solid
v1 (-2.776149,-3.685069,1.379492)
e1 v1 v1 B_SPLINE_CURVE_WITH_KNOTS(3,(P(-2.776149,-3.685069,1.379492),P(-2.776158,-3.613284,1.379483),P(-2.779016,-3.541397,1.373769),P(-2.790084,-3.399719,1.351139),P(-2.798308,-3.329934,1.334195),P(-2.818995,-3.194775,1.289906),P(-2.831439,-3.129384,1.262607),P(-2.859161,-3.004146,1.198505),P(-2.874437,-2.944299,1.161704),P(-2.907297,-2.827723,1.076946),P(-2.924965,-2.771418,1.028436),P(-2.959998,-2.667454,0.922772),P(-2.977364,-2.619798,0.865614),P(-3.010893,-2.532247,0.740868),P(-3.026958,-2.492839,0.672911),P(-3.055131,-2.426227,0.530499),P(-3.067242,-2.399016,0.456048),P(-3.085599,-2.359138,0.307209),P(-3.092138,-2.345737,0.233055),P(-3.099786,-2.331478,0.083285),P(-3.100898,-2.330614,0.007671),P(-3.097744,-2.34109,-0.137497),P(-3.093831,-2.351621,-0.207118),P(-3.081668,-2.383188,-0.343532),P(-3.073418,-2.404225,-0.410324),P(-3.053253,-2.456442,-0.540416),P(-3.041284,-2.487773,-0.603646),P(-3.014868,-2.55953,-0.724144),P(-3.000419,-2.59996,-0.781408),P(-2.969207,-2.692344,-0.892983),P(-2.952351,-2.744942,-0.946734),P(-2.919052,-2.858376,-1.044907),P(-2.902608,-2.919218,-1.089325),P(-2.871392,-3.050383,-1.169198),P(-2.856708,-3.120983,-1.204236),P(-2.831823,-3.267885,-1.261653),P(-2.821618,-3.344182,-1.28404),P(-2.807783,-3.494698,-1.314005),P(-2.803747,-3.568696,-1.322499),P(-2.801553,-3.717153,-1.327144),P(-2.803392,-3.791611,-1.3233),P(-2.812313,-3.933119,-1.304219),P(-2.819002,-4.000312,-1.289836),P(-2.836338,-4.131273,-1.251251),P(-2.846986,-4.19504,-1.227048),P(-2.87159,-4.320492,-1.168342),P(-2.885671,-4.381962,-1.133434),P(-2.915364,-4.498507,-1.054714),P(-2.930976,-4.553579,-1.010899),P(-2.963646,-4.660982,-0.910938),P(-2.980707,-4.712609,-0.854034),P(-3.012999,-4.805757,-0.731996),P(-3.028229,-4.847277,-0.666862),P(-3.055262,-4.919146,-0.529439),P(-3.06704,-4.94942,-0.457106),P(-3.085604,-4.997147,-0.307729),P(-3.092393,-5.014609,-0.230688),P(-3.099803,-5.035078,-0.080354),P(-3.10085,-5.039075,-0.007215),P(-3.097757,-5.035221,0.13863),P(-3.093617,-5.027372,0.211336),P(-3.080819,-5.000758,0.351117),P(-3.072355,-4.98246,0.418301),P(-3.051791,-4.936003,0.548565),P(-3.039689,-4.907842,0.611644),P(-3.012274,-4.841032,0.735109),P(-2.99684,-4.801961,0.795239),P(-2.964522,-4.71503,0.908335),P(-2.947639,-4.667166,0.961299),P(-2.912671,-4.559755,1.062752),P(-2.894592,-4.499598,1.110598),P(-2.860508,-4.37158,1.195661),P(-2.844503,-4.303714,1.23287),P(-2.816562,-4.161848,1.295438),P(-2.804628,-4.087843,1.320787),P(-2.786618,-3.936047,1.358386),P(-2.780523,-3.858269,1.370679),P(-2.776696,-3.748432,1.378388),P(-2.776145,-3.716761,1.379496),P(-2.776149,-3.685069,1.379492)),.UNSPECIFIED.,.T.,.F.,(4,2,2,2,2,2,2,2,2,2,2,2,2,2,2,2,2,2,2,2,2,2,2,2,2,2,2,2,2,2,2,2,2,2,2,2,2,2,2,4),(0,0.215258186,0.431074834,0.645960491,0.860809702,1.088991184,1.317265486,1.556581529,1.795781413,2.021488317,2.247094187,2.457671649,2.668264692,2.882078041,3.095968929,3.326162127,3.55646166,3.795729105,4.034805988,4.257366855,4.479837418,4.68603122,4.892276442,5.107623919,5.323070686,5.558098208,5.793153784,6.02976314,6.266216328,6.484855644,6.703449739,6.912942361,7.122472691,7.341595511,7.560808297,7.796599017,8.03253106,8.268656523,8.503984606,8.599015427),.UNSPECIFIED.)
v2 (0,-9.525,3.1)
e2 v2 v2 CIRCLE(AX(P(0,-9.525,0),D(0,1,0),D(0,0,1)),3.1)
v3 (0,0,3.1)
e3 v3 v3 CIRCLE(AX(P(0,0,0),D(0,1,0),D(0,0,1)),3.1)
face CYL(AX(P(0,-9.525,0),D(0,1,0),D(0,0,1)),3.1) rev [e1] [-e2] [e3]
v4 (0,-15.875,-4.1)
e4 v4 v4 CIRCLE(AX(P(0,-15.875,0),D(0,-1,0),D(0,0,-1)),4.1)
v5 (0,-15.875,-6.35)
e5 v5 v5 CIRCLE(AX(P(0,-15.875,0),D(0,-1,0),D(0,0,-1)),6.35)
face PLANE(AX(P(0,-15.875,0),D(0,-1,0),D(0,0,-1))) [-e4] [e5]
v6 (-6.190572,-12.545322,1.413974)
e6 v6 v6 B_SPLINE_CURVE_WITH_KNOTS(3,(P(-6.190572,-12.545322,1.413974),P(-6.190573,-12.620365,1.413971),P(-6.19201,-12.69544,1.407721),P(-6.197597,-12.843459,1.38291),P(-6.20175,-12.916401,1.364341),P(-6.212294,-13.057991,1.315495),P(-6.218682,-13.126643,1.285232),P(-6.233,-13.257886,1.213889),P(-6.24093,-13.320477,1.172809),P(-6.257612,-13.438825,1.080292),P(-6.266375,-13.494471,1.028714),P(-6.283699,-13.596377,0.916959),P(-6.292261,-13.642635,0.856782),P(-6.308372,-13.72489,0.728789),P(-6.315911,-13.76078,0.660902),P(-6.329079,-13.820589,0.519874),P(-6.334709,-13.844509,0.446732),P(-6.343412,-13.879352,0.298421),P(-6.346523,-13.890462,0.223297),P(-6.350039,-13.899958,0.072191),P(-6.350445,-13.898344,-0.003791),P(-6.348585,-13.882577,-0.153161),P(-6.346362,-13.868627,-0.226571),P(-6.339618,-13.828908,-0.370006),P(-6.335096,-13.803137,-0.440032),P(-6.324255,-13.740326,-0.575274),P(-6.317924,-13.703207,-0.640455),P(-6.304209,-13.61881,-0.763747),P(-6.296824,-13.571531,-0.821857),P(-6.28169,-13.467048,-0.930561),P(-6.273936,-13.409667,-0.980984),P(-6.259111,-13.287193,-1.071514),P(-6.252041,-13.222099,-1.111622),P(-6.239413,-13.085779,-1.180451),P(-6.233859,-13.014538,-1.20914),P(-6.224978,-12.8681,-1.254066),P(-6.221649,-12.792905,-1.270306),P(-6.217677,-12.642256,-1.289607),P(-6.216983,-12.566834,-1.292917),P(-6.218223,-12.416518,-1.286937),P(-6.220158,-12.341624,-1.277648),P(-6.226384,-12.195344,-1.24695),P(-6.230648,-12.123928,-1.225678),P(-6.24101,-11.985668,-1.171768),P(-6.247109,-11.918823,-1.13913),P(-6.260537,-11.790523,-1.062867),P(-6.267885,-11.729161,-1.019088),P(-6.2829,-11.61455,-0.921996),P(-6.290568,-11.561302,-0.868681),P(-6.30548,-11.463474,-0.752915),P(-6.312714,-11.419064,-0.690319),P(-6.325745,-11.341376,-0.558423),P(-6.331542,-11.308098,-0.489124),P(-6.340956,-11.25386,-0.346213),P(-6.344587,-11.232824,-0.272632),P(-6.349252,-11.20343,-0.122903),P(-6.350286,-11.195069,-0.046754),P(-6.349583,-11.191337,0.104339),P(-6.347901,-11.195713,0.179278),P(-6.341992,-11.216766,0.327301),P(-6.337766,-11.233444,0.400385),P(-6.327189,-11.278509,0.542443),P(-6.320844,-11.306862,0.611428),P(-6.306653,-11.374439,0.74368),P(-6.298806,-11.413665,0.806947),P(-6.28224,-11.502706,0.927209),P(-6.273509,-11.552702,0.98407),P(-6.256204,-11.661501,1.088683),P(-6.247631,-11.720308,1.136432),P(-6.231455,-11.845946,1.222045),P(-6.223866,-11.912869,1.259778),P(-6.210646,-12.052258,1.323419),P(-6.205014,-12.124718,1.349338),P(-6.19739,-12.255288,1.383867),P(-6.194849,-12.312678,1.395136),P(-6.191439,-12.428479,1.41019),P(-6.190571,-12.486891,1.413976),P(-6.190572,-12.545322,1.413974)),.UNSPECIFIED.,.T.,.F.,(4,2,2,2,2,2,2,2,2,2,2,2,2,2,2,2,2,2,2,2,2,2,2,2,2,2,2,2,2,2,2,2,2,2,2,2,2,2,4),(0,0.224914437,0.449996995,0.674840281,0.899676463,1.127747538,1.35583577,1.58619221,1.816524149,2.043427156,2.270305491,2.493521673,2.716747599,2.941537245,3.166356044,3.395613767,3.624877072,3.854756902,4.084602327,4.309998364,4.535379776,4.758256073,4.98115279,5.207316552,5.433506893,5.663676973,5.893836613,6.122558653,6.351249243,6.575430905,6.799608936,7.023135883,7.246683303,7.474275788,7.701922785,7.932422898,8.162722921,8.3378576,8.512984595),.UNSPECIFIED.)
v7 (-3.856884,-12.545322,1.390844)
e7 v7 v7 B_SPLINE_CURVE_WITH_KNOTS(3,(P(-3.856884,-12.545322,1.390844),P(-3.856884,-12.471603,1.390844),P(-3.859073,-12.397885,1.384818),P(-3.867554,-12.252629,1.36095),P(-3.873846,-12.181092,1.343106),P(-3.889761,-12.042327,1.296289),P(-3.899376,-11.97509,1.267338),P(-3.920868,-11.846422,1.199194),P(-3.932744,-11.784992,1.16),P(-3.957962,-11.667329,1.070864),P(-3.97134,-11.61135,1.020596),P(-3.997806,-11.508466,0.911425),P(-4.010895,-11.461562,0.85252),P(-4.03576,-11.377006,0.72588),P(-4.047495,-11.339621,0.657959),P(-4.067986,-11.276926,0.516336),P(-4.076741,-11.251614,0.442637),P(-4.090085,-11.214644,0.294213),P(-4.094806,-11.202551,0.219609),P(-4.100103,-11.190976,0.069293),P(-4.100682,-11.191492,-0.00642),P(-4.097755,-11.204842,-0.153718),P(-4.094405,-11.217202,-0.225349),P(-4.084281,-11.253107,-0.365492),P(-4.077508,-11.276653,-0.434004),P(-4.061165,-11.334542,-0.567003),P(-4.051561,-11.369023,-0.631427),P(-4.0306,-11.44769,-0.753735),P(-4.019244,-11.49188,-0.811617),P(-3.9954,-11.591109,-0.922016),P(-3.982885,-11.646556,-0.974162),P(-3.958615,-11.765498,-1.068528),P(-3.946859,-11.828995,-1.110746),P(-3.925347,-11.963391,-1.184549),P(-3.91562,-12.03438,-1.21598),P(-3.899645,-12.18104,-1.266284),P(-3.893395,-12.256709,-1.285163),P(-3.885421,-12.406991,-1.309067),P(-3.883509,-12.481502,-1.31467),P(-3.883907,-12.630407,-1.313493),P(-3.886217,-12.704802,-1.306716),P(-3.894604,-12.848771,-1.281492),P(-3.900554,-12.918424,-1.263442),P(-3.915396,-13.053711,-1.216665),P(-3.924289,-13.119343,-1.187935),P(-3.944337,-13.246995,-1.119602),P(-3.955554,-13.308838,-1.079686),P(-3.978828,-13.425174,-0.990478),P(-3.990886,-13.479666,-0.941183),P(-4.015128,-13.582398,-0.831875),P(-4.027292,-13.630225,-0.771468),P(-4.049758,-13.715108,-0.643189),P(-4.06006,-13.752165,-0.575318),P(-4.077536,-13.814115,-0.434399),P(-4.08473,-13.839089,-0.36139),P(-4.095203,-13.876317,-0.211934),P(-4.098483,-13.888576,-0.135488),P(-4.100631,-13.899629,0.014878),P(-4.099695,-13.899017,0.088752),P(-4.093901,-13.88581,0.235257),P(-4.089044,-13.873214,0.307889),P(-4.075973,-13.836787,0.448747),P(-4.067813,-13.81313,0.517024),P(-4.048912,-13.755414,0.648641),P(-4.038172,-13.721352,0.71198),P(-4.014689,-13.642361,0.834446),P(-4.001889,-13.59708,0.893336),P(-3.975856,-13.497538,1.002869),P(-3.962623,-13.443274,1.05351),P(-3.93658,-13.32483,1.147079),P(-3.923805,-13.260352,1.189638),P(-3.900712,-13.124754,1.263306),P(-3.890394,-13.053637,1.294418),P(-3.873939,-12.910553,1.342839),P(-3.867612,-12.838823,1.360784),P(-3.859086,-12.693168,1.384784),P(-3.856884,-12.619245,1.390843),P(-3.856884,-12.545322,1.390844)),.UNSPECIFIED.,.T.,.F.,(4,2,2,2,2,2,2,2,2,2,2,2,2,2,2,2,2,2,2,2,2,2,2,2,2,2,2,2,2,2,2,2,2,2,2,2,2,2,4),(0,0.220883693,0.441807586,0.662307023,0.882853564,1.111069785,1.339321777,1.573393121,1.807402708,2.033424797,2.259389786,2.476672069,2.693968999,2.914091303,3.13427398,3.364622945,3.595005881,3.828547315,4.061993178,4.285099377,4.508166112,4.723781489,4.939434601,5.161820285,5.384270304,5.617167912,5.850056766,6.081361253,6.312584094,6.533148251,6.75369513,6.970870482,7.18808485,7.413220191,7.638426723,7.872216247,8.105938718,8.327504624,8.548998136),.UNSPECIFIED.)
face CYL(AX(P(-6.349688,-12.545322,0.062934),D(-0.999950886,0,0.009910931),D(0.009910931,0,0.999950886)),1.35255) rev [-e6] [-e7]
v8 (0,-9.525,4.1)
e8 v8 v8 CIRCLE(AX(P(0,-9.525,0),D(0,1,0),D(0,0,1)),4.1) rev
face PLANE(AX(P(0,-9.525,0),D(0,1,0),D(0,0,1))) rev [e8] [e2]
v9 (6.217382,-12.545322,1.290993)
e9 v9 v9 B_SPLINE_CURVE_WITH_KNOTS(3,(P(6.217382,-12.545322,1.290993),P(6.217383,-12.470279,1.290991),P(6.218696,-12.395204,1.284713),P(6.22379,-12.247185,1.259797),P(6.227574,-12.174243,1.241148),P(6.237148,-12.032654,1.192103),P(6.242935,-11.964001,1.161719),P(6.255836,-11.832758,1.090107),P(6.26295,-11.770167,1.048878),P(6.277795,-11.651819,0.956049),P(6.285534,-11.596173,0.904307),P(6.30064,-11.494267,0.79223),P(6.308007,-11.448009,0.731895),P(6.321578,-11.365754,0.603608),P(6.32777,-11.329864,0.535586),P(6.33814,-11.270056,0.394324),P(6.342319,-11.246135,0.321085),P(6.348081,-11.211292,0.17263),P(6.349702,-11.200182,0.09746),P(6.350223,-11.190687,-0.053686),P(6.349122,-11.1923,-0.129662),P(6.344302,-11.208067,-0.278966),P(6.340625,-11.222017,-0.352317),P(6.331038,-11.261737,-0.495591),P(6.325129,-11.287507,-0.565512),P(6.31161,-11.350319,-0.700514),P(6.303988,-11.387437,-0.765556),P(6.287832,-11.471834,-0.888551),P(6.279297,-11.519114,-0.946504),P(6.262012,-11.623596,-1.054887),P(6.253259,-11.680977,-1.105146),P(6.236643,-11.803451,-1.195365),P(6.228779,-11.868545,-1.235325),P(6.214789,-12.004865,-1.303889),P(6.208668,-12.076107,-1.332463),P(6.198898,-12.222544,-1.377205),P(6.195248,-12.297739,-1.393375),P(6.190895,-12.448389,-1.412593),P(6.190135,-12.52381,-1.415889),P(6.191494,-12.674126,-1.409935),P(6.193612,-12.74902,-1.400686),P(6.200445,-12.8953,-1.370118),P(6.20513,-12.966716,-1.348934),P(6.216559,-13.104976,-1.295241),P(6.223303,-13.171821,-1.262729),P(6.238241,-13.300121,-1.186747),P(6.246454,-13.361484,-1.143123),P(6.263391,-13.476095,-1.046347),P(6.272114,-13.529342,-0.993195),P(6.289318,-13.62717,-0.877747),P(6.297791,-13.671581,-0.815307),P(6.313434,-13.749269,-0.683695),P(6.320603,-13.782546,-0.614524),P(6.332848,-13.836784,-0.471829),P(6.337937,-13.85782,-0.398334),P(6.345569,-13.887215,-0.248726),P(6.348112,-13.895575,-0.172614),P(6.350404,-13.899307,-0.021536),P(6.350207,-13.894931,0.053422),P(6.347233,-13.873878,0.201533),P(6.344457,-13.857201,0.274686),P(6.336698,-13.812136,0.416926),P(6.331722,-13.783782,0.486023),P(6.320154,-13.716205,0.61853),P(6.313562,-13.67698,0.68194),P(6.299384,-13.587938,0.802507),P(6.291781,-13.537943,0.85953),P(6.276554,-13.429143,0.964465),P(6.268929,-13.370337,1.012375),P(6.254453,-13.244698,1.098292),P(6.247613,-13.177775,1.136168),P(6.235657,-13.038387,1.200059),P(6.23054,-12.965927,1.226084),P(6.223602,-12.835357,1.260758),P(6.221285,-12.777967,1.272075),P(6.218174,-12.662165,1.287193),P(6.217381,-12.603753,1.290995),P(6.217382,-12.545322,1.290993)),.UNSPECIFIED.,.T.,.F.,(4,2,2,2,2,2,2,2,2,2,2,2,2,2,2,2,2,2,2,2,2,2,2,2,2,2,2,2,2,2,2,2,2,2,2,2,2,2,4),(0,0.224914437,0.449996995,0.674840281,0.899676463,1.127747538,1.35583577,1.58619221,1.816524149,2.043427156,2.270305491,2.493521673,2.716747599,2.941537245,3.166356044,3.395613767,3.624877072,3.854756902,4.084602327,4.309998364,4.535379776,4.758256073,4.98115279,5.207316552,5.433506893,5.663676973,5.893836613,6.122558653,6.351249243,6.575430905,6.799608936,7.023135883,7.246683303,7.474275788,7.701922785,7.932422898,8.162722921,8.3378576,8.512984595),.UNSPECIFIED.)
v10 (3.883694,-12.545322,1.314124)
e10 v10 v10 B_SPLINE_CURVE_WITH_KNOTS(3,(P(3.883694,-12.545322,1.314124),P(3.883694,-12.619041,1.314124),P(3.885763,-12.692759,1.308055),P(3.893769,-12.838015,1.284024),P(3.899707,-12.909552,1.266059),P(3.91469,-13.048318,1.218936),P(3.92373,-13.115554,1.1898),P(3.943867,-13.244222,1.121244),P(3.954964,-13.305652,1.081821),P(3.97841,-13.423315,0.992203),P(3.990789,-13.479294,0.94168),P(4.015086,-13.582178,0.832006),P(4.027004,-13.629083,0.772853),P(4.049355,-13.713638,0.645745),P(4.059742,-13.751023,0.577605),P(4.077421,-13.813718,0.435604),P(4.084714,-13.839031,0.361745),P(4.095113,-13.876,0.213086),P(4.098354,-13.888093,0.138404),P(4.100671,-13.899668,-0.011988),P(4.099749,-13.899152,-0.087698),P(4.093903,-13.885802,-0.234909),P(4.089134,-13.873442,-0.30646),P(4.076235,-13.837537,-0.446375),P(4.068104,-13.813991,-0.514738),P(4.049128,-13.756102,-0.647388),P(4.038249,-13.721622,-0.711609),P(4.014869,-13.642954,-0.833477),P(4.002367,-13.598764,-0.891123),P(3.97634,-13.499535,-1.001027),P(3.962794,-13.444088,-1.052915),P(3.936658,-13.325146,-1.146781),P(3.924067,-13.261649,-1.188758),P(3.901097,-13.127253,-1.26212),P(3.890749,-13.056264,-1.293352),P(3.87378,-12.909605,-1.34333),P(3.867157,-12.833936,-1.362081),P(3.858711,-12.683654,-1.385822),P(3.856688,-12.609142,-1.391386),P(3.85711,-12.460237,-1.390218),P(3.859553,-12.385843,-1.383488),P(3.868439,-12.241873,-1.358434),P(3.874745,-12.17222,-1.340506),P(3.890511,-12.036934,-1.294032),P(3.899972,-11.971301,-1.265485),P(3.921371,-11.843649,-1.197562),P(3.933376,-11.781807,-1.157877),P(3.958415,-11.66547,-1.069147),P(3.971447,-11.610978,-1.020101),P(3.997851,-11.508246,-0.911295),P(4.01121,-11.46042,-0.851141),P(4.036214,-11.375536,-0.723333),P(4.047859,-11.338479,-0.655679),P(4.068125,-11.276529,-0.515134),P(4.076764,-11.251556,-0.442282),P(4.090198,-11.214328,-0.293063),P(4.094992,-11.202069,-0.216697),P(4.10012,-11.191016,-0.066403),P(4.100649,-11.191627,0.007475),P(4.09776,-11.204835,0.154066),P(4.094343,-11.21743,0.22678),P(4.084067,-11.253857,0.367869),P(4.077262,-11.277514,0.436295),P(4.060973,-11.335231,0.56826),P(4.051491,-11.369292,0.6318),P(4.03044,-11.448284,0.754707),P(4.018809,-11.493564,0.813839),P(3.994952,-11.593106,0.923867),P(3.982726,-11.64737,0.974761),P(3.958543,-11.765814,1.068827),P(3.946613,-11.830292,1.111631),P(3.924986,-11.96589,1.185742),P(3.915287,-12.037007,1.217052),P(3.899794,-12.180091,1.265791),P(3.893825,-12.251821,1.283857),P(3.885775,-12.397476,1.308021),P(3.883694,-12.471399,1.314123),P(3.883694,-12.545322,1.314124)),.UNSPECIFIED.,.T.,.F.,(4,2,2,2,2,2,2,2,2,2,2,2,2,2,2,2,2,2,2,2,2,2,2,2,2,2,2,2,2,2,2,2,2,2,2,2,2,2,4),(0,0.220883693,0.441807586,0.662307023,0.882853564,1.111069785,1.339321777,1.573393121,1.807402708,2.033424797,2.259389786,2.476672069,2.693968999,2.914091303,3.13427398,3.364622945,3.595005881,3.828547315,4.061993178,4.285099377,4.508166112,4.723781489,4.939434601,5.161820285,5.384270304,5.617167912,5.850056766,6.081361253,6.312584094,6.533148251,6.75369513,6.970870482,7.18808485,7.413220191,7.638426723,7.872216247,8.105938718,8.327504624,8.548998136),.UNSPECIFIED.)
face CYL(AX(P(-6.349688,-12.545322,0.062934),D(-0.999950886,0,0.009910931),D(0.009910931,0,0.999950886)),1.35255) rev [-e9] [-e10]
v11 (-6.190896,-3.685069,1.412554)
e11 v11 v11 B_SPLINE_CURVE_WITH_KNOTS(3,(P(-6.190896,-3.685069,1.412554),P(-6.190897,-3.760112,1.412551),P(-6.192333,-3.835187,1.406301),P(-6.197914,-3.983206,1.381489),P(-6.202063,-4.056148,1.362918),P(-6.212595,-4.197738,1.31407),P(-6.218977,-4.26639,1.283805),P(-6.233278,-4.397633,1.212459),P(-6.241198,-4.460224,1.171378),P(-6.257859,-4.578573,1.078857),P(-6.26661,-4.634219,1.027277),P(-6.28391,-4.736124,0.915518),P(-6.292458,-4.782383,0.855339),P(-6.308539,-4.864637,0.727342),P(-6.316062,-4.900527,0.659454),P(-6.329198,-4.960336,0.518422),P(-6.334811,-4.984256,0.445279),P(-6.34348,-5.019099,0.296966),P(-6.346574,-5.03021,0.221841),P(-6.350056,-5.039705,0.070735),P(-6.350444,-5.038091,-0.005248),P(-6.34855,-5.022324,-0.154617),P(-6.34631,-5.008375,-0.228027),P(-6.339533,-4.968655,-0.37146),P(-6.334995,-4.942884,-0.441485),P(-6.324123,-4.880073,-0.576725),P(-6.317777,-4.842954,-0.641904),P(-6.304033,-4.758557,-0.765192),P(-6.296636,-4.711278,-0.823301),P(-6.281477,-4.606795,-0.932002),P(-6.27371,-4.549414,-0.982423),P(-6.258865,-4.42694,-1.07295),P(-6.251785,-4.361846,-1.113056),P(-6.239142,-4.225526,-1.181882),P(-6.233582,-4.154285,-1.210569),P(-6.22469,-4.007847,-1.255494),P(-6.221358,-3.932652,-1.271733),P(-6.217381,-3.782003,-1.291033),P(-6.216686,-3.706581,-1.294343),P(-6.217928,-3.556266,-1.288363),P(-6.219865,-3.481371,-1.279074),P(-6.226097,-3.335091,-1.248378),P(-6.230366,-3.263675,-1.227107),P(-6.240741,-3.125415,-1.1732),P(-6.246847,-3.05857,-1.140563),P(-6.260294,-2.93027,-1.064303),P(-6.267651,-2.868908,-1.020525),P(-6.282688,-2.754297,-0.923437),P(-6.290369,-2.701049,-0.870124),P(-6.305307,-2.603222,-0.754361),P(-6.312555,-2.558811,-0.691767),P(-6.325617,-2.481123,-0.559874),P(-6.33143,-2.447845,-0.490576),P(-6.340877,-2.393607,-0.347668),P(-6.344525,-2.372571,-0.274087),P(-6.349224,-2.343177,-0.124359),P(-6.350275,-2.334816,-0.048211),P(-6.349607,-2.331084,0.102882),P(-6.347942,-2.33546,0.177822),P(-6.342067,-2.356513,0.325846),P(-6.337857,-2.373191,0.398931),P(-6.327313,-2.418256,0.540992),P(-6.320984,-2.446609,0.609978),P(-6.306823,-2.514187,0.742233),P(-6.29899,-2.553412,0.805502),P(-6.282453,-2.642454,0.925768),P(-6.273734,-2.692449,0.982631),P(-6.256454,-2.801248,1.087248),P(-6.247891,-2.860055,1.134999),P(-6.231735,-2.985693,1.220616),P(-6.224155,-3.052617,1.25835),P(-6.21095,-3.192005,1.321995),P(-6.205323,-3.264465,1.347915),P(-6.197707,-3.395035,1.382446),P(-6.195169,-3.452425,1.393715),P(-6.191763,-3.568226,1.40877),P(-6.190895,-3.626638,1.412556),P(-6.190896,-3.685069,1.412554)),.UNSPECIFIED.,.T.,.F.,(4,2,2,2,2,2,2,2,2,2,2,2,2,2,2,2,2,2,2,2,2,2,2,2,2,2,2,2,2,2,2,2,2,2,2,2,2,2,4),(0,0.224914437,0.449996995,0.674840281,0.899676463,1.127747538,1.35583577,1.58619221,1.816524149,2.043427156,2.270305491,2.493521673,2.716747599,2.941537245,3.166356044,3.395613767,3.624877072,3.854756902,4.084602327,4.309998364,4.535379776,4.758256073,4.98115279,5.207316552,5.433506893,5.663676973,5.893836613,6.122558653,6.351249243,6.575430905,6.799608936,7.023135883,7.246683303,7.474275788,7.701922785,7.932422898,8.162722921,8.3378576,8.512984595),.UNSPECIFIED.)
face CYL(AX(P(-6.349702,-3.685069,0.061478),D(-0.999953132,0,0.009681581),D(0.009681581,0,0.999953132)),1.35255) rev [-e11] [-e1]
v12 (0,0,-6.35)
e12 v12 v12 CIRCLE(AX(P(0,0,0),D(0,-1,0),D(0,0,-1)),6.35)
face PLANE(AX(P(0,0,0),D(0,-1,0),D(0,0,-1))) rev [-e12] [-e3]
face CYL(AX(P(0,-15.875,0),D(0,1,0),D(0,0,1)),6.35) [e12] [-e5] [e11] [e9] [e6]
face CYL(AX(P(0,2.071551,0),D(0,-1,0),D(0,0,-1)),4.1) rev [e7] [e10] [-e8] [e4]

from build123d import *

# Parameters (mm, degrees)
SKETCH1_R                 = 6.35
BOSS_EXTRUDE1_DEPTH       = 15.875
SKETCH2_R                 = 3.1
CUT_EXTRUDE1_DEPTH        = 9.525
SKETCH3_R                 = 4.1
CUT_EXTRUDE2_DEPTH        = 6.35
F_6_32_TAPPED_HOLE1_D     = 2.7051
F_6_32_TAPPED_HOLE1_DEPTH = 7
F_6_32_TAPPED_HOLE1_TIP   = 0.81269403
F_6_32_TAPPED_HOLE2_D     = 2.7051


with BuildPart() as part:
    # Sketch1 → Boss-Extrude1 (new body)
    with BuildSketch(Plane(origin=(0, 0, 0), x_dir=(0, 0, -1), z_dir=(0, -1, 0))):
        Circle(SKETCH1_R)
    extrude(amount=BOSS_EXTRUDE1_DEPTH)

    # Sketch2 → Cut-Extrude1 (cut)
    with BuildSketch(Plane(origin=(0, 0, 0), x_dir=(1, 0, 0), z_dir=(0, 1, 0))):
        Circle(SKETCH2_R)
    extrude(amount=-CUT_EXTRUDE1_DEPTH, mode=Mode.SUBTRACT)

    # Sketch3 → Cut-Extrude2 (cut)
    with BuildSketch(Plane.XZ.offset(15.875)):
        Circle(SKETCH3_R)
    extrude(amount=-CUT_EXTRUDE2_DEPTH, mode=Mode.SUBTRACT)

    # #6-32 Tapped Hole1
    with Locations(Plane(origin=(-6.349702391, -3.685069286, 0.061478042), x_dir=(-0.009681581, 0, -0.999953132), z_dir=(-0.999953132, 0, 0.009681581))):
        with Locations((0, 0)):
            Hole(F_6_32_TAPPED_HOLE1_D / 2, depth=F_6_32_TAPPED_HOLE1_DEPTH)
            with Locations((0, 0, -(F_6_32_TAPPED_HOLE1_DEPTH + F_6_32_TAPPED_HOLE1_TIP / 2))):  # 118° drill point
                Cone(0, F_6_32_TAPPED_HOLE1_D / 2, F_6_32_TAPPED_HOLE1_TIP, mode=Mode.SUBTRACT)

    # #6-32 Tapped Hole2 (through all)
    with Locations(Plane(origin=(-6.349688123, -12.545322132, 0.062934409), x_dir=(-0.009910931, 0, -0.999950886), z_dir=(-0.999950886, 0, 0.009910931))):
        with Locations((0, 0)):
            Hole(F_6_32_TAPPED_HOLE2_D / 2)


solid = part.part
